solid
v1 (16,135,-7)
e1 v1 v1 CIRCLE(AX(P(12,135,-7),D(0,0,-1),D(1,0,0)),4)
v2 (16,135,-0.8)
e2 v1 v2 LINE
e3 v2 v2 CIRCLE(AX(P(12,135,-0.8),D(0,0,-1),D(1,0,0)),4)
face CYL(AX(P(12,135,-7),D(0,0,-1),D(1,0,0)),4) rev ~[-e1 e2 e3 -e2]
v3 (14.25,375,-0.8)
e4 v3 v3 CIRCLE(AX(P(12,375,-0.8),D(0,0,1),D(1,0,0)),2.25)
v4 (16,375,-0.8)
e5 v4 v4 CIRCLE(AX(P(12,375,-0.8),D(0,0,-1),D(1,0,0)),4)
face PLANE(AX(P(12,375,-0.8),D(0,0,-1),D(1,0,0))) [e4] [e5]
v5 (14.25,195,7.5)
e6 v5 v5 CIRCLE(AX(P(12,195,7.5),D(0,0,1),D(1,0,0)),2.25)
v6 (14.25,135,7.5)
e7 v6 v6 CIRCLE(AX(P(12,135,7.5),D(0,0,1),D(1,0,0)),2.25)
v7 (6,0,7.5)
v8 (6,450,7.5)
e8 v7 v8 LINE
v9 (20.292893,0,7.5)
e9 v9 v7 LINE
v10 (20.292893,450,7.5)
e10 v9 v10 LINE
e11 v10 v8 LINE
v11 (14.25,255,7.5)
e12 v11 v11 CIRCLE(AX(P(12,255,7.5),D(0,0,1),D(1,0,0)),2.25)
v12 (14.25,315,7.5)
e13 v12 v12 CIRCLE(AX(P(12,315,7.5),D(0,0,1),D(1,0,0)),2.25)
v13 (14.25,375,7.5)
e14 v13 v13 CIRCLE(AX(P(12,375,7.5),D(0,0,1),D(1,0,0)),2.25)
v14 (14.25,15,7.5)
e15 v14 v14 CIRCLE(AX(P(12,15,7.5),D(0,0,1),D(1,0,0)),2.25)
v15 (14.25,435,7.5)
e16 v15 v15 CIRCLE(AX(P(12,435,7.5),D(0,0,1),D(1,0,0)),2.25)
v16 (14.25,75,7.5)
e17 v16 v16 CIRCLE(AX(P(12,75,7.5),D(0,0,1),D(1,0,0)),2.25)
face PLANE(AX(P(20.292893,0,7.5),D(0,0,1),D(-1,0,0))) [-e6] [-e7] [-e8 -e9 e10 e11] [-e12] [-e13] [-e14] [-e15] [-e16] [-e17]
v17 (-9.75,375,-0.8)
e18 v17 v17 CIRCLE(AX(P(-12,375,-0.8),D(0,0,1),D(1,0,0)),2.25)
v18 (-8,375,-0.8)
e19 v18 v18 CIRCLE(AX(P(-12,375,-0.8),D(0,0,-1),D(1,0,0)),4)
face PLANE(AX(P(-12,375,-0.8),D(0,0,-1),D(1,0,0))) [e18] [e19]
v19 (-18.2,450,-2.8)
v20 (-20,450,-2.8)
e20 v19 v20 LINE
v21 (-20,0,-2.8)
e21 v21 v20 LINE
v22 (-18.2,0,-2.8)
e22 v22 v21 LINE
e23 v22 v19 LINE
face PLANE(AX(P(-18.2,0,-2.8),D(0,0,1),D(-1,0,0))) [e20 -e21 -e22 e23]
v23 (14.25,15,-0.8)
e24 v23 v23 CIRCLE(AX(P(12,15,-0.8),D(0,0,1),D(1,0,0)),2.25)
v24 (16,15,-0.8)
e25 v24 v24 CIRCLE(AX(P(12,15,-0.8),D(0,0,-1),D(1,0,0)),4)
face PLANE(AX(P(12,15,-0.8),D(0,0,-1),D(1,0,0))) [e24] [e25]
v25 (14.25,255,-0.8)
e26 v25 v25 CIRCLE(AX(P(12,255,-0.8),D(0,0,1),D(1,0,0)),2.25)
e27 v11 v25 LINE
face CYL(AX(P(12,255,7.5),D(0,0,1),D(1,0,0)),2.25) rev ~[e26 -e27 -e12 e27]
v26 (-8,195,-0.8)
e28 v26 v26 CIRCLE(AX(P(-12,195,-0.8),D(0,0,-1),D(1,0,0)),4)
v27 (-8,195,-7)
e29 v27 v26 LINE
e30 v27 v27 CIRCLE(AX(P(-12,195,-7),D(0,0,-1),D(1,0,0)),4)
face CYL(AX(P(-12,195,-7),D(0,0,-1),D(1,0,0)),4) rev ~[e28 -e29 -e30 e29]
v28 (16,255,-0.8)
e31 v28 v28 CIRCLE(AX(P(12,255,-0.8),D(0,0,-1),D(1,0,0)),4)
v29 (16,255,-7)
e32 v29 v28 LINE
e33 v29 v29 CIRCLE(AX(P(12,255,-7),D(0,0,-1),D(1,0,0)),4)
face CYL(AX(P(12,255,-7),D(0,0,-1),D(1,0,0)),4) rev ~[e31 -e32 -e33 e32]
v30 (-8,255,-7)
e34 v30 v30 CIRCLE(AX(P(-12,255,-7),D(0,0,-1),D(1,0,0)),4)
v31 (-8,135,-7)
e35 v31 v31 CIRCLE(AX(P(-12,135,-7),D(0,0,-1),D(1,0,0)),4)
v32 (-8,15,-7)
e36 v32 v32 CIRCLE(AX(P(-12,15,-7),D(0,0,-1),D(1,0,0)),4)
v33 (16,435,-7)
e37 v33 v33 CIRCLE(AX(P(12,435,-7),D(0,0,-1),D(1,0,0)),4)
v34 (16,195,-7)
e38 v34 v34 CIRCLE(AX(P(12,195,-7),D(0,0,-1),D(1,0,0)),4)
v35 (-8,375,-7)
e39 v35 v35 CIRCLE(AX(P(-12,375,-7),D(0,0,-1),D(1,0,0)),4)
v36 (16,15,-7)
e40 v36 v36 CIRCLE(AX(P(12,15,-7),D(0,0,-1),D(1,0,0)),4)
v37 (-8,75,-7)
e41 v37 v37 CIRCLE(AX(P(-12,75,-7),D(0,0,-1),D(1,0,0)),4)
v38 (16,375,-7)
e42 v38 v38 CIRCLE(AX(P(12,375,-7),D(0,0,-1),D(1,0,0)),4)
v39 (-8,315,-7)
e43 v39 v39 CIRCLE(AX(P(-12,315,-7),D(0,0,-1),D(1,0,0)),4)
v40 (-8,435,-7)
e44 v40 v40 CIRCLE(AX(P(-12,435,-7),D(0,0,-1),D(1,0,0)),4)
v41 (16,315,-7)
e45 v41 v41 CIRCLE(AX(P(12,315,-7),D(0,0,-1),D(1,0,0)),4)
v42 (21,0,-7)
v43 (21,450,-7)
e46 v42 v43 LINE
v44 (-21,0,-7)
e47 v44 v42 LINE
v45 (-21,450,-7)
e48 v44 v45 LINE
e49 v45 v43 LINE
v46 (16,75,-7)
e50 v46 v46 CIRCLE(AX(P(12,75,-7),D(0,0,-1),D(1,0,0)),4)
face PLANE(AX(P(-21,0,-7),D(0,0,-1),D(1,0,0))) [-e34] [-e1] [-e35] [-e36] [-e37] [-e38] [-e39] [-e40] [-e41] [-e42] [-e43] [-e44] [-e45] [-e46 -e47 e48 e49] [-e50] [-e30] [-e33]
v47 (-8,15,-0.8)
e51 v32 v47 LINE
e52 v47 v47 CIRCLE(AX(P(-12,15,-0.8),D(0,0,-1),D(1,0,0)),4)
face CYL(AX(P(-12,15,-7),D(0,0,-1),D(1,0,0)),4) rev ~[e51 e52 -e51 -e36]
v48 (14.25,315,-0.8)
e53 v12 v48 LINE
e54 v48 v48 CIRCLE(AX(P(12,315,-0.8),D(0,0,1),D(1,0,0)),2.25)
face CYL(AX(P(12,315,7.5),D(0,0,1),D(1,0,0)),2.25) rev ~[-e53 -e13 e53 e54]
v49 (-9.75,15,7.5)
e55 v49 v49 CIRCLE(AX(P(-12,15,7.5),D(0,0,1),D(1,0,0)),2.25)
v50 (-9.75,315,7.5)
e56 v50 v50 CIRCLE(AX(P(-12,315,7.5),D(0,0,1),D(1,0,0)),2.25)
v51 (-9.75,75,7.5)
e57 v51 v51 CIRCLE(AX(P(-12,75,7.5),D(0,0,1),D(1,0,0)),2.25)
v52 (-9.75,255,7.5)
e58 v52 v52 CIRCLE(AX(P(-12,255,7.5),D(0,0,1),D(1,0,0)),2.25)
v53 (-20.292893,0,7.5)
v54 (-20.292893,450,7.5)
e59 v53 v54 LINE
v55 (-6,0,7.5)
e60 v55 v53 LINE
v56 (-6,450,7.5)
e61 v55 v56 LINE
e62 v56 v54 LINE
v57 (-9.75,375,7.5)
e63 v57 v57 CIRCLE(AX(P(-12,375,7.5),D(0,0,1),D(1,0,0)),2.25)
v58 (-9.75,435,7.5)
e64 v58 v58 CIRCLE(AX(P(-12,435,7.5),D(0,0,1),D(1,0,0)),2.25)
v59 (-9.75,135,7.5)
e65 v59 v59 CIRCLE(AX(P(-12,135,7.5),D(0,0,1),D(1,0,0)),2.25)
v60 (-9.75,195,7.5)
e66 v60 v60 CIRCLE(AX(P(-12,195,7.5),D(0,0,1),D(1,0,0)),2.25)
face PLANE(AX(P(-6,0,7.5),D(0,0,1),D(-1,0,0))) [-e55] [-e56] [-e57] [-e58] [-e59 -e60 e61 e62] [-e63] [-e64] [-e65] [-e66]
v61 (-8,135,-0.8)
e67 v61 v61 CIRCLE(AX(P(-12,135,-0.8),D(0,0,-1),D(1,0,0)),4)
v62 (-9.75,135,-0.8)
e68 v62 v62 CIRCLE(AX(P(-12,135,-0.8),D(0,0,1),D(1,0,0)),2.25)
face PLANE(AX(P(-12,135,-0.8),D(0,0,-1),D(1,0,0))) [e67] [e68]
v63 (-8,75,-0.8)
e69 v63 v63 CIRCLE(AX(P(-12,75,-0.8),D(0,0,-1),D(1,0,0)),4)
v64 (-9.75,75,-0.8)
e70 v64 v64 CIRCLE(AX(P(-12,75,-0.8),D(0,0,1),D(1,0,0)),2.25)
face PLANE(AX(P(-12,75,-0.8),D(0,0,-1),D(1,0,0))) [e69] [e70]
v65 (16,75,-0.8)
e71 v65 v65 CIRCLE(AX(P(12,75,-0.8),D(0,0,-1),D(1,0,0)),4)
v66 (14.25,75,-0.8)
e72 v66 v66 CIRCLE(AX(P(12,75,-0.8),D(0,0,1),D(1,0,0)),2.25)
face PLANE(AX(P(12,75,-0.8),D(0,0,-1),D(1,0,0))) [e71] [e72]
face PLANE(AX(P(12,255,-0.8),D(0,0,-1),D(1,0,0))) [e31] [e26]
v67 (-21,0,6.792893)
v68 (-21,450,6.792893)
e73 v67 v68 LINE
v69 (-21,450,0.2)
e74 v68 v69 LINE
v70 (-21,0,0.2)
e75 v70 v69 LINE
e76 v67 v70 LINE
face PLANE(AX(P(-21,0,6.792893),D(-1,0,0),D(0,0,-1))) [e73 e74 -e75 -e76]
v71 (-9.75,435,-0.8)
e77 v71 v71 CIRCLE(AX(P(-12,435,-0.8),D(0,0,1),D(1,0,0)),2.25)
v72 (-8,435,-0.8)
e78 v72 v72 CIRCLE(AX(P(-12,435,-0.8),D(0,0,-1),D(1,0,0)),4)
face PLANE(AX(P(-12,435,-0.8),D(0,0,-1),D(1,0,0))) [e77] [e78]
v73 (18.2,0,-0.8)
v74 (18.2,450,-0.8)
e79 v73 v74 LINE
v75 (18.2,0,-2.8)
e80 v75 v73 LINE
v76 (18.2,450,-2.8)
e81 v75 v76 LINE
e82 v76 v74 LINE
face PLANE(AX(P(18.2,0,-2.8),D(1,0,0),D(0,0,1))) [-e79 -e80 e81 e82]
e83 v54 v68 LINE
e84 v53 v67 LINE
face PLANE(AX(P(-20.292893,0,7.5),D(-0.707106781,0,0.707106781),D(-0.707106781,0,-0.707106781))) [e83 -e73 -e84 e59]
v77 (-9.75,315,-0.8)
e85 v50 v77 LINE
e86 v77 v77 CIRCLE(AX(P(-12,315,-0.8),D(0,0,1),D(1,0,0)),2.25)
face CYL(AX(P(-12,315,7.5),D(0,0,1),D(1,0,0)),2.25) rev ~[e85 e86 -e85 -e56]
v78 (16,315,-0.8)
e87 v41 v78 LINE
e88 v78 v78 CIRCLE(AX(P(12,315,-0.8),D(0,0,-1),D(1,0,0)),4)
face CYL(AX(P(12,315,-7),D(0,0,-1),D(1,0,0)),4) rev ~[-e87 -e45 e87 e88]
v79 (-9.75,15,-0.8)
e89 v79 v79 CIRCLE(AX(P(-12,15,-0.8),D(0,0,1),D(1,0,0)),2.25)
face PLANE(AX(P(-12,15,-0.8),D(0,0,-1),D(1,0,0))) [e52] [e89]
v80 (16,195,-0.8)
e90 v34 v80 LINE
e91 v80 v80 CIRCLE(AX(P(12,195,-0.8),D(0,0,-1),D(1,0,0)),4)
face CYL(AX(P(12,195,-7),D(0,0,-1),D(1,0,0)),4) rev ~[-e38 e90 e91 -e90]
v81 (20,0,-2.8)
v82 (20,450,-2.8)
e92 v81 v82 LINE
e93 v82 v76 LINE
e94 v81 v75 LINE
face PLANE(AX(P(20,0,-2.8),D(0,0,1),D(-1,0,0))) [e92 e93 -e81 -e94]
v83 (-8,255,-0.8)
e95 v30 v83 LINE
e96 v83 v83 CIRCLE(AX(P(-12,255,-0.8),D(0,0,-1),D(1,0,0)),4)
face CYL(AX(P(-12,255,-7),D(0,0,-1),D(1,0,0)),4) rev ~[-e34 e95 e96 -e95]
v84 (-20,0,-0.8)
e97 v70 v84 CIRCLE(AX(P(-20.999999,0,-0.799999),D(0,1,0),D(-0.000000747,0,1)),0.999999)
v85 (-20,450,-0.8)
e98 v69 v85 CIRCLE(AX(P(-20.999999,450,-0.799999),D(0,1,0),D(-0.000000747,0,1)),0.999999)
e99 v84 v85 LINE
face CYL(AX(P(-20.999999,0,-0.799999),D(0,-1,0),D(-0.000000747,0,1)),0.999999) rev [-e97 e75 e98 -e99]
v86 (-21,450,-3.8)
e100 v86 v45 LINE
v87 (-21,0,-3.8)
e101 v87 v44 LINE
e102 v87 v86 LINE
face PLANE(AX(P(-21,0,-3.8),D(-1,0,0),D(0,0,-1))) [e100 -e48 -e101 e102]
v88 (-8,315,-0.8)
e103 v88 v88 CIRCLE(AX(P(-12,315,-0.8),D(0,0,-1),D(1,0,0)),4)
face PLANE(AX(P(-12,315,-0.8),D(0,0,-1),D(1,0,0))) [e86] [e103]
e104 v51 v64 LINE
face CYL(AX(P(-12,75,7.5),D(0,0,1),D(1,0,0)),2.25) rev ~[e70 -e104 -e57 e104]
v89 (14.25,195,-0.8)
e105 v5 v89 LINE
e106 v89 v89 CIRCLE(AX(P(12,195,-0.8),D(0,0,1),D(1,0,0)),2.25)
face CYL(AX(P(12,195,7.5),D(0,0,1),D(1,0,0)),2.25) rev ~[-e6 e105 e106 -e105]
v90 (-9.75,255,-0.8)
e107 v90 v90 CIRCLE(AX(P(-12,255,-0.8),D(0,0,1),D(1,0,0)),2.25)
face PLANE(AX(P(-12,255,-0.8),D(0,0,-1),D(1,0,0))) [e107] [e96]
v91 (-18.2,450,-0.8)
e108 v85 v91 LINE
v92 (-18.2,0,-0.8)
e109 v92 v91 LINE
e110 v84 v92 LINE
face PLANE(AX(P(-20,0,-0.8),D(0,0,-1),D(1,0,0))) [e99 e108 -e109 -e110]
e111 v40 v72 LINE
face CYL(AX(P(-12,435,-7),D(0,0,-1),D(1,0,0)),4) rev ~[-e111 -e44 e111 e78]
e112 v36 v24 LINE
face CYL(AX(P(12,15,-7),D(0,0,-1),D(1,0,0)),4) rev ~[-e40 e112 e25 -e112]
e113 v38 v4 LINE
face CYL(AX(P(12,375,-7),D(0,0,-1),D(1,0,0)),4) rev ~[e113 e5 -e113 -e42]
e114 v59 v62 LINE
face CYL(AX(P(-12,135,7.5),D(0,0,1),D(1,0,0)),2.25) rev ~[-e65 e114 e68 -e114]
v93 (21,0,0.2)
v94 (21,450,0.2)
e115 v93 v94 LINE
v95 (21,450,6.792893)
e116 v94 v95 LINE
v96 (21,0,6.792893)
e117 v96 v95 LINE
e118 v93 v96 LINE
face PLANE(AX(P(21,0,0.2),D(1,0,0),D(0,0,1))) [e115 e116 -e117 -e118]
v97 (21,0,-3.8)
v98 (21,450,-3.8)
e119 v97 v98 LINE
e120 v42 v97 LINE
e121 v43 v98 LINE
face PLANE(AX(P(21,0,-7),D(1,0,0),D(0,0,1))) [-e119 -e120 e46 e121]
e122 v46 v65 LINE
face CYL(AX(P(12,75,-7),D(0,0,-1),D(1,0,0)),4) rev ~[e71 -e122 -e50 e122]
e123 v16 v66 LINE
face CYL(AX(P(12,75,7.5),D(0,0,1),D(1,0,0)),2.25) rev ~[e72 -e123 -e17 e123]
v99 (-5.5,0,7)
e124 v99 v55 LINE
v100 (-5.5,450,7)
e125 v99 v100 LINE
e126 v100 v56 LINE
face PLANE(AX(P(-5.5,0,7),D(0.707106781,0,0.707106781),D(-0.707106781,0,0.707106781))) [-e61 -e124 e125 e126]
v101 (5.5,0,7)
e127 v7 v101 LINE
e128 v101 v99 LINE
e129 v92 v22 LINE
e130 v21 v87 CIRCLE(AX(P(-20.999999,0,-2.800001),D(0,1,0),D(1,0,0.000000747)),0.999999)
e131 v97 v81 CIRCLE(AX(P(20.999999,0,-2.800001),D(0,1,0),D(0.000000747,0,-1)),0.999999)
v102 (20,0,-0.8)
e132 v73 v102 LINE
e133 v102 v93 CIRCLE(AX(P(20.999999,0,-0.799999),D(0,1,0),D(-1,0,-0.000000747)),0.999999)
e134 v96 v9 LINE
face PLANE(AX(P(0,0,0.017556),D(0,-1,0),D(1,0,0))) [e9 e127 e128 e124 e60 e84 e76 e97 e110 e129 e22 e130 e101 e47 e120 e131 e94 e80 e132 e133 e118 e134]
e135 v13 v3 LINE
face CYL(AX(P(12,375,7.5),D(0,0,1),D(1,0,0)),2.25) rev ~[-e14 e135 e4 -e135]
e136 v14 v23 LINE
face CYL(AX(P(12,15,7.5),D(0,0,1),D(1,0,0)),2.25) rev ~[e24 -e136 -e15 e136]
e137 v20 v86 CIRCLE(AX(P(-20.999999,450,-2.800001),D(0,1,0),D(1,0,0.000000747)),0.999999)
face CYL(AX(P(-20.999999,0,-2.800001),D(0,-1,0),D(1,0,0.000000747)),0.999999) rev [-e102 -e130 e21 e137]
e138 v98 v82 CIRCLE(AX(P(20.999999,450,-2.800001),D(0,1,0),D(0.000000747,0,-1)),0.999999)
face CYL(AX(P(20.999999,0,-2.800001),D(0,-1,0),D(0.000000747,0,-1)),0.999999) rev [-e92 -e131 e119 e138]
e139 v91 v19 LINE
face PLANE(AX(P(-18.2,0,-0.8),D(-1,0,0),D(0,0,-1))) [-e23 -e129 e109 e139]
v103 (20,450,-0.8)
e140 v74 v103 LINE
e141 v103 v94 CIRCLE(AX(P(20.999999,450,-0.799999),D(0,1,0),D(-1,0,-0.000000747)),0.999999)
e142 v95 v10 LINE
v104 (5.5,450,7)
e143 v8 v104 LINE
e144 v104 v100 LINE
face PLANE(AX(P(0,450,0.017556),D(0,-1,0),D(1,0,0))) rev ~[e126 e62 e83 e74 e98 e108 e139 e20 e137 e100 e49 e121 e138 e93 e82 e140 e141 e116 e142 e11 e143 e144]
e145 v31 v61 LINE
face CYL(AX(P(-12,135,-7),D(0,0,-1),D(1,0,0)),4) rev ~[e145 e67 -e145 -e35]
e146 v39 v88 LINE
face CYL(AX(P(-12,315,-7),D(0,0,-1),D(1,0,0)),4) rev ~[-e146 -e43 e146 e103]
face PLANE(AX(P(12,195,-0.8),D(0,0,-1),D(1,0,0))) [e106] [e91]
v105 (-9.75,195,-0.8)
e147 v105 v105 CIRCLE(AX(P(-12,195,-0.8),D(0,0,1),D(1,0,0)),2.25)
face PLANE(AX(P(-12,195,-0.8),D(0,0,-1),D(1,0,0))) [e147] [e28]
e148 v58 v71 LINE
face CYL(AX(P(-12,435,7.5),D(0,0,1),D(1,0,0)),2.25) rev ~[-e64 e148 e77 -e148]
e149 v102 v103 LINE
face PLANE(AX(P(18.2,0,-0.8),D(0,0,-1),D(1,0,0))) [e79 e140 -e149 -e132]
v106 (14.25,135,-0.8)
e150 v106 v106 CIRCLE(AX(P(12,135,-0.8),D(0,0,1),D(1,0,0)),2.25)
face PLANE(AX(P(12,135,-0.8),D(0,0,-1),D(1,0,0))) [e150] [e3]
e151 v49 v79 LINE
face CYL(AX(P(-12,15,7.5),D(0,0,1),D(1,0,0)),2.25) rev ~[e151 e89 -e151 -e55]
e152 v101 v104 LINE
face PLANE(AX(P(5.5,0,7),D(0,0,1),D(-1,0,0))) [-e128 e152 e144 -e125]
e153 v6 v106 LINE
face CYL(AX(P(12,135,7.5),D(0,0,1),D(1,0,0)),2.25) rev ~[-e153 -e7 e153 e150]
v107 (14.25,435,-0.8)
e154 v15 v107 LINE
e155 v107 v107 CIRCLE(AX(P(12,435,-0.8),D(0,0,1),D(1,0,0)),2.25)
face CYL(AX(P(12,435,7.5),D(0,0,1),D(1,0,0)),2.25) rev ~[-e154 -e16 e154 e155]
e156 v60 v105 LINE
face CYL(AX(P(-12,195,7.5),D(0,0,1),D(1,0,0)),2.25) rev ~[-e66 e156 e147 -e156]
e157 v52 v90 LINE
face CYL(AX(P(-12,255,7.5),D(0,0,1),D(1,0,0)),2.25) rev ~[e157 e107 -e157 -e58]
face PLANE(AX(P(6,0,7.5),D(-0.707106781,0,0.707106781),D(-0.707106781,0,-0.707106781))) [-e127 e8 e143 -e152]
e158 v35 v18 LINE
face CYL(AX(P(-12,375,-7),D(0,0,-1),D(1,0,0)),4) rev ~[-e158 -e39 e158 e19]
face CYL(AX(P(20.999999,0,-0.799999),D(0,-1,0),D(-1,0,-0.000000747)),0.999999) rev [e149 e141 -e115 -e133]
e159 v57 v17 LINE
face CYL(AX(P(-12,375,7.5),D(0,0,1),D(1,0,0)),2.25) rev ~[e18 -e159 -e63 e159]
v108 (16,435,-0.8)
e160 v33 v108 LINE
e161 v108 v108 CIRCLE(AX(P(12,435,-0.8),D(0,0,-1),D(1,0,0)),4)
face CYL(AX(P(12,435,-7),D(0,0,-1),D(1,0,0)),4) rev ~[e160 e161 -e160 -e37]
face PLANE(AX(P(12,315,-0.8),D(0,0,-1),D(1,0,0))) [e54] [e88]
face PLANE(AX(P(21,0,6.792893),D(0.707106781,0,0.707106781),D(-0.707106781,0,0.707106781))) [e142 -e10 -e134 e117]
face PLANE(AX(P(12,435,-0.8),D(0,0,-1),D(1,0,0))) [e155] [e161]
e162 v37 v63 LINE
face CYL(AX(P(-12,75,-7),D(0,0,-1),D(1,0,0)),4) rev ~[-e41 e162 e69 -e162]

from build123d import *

# Parameters (mm, degrees)
F1_DEPTH = 450
F2_R     = 2.25
F3_DEPTH = 14.5
F4_R     = 4
F5_DEPTH = 6.2


with BuildPart() as f1:
    # F0 (on Front) → F1 (new body)
    with BuildSketch(Plane.XZ):
        with BuildLine():
            Line((-21, -7), (0, -7))
            Line((0, -7), (21, -7))
            Line((21, -7), (21, -3.8))
            ThreePointArc((21, -3.8), (20.292893, -3.507107), (20, -2.8))
            Line((20, -2.8), (18.2, -2.8))
            Line((18.2, -2.8), (18.2, -0.8))
            Line((18.2, -0.8), (20, -0.8))
            ThreePointArc((20, -0.8), (20.292893, -0.092893), (21, 0.2))
            Line((21, 0.2), (21, 6.792893))
            Line((21, 6.792893), (20.292893, 7.5))
            Line((20.292893, 7.5), (6, 7.5))
            Line((6, 7.5), (5.5, 7))
            Line((5.5, 7), (0, 7))
            Line((0, 7), (-5.5, 7))
            Line((-5.5, 7), (-6, 7.5))
            Line((-6, 7.5), (-20.292893, 7.5))
            Line((-20.292893, 7.5), (-21, 6.792893))
            Line((-21, 6.792893), (-21, 0.2))
            ThreePointArc((-21, 0.2), (-20.292893, -0.092893), (-20, -0.8))
            Line((-20, -0.8), (-18.2, -0.8))
            Line((-18.2, -0.8), (-18.2, -2.8))
            Line((-18.2, -2.8), (-20, -2.8))
            ThreePointArc((-20, -2.8), (-20.292893, -3.507107), (-21, -3.8))
            Line((-21, -3.8), (-21, -7))
        make_face()
    extrude(amount=-F1_DEPTH)

    # F2 (on face) → F3 (cut, through all)
    with BuildSketch(Plane.XY.offset(7.5)):
        with Locations((-12, 15)):
            Circle(F2_R)
        with Locations((-12, 75)):
            Circle(F2_R)
        with Locations((-12, 135)):
            Circle(F2_R)
        with Locations((-12, 375)):
            Circle(F2_R)
        with Locations((-12, 195)):
            Circle(F2_R)
        with Locations((-12, 255)):
            Circle(F2_R)
        with Locations((-12, 315)):
            Circle(F2_R)
        with Locations((-12, 435)):
            Circle(F2_R)
        with Locations((12, 15)):
            Circle(F2_R)
        with Locations((12, 435)):
            Circle(F2_R)
        with Locations((12, 315)):
            Circle(F2_R)
        with Locations((12, 75)):
            Circle(F2_R)
        with Locations((12, 135)):
            Circle(F2_R)
        with Locations((12, 195)):
            Circle(F2_R)
        with Locations((12, 255)):
            Circle(F2_R)
        with Locations((12, 375)):
            Circle(F2_R)
    extrude(amount=-F3_DEPTH, mode=Mode.SUBTRACT)

    # F4 (on face) → F5 (cut)
    with BuildSketch(Plane(origin=(0, 0, -7), x_dir=(1, 0, 0), z_dir=(0, 0, -1))):
        with Locations((-12, -435)):
            Circle(F4_R)
        with Locations((12, -435)):
            Circle(F4_R)
        with Locations((-12, -375)):
            Circle(F4_R)
        with Locations((12, -375)):
            Circle(F4_R)
        with Locations((-12, -315)):
            Circle(F4_R)
        with Locations((12, -315)):
            Circle(F4_R)
        with Locations((12, -255)):
            Circle(F4_R)
        with Locations((-12, -255)):
            Circle(F4_R)
        with Locations((-12, -195)):
            Circle(F4_R)
        with Locations((12, -195)):
            Circle(F4_R)
        with Locations((12, -135)):
            Circle(F4_R)
        with Locations((-12, -75)):
            Circle(F4_R)
        with Locations((-12, -135)):
            Circle(F4_R)
        with Locations((12, -75)):
            Circle(F4_R)
        with Locations((-12, -15)):
            Circle(F4_R)
        with Locations((12, -15)):
            Circle(F4_R)
    extrude(amount=-F5_DEPTH, mode=Mode.SUBTRACT)


solid = f1.part
